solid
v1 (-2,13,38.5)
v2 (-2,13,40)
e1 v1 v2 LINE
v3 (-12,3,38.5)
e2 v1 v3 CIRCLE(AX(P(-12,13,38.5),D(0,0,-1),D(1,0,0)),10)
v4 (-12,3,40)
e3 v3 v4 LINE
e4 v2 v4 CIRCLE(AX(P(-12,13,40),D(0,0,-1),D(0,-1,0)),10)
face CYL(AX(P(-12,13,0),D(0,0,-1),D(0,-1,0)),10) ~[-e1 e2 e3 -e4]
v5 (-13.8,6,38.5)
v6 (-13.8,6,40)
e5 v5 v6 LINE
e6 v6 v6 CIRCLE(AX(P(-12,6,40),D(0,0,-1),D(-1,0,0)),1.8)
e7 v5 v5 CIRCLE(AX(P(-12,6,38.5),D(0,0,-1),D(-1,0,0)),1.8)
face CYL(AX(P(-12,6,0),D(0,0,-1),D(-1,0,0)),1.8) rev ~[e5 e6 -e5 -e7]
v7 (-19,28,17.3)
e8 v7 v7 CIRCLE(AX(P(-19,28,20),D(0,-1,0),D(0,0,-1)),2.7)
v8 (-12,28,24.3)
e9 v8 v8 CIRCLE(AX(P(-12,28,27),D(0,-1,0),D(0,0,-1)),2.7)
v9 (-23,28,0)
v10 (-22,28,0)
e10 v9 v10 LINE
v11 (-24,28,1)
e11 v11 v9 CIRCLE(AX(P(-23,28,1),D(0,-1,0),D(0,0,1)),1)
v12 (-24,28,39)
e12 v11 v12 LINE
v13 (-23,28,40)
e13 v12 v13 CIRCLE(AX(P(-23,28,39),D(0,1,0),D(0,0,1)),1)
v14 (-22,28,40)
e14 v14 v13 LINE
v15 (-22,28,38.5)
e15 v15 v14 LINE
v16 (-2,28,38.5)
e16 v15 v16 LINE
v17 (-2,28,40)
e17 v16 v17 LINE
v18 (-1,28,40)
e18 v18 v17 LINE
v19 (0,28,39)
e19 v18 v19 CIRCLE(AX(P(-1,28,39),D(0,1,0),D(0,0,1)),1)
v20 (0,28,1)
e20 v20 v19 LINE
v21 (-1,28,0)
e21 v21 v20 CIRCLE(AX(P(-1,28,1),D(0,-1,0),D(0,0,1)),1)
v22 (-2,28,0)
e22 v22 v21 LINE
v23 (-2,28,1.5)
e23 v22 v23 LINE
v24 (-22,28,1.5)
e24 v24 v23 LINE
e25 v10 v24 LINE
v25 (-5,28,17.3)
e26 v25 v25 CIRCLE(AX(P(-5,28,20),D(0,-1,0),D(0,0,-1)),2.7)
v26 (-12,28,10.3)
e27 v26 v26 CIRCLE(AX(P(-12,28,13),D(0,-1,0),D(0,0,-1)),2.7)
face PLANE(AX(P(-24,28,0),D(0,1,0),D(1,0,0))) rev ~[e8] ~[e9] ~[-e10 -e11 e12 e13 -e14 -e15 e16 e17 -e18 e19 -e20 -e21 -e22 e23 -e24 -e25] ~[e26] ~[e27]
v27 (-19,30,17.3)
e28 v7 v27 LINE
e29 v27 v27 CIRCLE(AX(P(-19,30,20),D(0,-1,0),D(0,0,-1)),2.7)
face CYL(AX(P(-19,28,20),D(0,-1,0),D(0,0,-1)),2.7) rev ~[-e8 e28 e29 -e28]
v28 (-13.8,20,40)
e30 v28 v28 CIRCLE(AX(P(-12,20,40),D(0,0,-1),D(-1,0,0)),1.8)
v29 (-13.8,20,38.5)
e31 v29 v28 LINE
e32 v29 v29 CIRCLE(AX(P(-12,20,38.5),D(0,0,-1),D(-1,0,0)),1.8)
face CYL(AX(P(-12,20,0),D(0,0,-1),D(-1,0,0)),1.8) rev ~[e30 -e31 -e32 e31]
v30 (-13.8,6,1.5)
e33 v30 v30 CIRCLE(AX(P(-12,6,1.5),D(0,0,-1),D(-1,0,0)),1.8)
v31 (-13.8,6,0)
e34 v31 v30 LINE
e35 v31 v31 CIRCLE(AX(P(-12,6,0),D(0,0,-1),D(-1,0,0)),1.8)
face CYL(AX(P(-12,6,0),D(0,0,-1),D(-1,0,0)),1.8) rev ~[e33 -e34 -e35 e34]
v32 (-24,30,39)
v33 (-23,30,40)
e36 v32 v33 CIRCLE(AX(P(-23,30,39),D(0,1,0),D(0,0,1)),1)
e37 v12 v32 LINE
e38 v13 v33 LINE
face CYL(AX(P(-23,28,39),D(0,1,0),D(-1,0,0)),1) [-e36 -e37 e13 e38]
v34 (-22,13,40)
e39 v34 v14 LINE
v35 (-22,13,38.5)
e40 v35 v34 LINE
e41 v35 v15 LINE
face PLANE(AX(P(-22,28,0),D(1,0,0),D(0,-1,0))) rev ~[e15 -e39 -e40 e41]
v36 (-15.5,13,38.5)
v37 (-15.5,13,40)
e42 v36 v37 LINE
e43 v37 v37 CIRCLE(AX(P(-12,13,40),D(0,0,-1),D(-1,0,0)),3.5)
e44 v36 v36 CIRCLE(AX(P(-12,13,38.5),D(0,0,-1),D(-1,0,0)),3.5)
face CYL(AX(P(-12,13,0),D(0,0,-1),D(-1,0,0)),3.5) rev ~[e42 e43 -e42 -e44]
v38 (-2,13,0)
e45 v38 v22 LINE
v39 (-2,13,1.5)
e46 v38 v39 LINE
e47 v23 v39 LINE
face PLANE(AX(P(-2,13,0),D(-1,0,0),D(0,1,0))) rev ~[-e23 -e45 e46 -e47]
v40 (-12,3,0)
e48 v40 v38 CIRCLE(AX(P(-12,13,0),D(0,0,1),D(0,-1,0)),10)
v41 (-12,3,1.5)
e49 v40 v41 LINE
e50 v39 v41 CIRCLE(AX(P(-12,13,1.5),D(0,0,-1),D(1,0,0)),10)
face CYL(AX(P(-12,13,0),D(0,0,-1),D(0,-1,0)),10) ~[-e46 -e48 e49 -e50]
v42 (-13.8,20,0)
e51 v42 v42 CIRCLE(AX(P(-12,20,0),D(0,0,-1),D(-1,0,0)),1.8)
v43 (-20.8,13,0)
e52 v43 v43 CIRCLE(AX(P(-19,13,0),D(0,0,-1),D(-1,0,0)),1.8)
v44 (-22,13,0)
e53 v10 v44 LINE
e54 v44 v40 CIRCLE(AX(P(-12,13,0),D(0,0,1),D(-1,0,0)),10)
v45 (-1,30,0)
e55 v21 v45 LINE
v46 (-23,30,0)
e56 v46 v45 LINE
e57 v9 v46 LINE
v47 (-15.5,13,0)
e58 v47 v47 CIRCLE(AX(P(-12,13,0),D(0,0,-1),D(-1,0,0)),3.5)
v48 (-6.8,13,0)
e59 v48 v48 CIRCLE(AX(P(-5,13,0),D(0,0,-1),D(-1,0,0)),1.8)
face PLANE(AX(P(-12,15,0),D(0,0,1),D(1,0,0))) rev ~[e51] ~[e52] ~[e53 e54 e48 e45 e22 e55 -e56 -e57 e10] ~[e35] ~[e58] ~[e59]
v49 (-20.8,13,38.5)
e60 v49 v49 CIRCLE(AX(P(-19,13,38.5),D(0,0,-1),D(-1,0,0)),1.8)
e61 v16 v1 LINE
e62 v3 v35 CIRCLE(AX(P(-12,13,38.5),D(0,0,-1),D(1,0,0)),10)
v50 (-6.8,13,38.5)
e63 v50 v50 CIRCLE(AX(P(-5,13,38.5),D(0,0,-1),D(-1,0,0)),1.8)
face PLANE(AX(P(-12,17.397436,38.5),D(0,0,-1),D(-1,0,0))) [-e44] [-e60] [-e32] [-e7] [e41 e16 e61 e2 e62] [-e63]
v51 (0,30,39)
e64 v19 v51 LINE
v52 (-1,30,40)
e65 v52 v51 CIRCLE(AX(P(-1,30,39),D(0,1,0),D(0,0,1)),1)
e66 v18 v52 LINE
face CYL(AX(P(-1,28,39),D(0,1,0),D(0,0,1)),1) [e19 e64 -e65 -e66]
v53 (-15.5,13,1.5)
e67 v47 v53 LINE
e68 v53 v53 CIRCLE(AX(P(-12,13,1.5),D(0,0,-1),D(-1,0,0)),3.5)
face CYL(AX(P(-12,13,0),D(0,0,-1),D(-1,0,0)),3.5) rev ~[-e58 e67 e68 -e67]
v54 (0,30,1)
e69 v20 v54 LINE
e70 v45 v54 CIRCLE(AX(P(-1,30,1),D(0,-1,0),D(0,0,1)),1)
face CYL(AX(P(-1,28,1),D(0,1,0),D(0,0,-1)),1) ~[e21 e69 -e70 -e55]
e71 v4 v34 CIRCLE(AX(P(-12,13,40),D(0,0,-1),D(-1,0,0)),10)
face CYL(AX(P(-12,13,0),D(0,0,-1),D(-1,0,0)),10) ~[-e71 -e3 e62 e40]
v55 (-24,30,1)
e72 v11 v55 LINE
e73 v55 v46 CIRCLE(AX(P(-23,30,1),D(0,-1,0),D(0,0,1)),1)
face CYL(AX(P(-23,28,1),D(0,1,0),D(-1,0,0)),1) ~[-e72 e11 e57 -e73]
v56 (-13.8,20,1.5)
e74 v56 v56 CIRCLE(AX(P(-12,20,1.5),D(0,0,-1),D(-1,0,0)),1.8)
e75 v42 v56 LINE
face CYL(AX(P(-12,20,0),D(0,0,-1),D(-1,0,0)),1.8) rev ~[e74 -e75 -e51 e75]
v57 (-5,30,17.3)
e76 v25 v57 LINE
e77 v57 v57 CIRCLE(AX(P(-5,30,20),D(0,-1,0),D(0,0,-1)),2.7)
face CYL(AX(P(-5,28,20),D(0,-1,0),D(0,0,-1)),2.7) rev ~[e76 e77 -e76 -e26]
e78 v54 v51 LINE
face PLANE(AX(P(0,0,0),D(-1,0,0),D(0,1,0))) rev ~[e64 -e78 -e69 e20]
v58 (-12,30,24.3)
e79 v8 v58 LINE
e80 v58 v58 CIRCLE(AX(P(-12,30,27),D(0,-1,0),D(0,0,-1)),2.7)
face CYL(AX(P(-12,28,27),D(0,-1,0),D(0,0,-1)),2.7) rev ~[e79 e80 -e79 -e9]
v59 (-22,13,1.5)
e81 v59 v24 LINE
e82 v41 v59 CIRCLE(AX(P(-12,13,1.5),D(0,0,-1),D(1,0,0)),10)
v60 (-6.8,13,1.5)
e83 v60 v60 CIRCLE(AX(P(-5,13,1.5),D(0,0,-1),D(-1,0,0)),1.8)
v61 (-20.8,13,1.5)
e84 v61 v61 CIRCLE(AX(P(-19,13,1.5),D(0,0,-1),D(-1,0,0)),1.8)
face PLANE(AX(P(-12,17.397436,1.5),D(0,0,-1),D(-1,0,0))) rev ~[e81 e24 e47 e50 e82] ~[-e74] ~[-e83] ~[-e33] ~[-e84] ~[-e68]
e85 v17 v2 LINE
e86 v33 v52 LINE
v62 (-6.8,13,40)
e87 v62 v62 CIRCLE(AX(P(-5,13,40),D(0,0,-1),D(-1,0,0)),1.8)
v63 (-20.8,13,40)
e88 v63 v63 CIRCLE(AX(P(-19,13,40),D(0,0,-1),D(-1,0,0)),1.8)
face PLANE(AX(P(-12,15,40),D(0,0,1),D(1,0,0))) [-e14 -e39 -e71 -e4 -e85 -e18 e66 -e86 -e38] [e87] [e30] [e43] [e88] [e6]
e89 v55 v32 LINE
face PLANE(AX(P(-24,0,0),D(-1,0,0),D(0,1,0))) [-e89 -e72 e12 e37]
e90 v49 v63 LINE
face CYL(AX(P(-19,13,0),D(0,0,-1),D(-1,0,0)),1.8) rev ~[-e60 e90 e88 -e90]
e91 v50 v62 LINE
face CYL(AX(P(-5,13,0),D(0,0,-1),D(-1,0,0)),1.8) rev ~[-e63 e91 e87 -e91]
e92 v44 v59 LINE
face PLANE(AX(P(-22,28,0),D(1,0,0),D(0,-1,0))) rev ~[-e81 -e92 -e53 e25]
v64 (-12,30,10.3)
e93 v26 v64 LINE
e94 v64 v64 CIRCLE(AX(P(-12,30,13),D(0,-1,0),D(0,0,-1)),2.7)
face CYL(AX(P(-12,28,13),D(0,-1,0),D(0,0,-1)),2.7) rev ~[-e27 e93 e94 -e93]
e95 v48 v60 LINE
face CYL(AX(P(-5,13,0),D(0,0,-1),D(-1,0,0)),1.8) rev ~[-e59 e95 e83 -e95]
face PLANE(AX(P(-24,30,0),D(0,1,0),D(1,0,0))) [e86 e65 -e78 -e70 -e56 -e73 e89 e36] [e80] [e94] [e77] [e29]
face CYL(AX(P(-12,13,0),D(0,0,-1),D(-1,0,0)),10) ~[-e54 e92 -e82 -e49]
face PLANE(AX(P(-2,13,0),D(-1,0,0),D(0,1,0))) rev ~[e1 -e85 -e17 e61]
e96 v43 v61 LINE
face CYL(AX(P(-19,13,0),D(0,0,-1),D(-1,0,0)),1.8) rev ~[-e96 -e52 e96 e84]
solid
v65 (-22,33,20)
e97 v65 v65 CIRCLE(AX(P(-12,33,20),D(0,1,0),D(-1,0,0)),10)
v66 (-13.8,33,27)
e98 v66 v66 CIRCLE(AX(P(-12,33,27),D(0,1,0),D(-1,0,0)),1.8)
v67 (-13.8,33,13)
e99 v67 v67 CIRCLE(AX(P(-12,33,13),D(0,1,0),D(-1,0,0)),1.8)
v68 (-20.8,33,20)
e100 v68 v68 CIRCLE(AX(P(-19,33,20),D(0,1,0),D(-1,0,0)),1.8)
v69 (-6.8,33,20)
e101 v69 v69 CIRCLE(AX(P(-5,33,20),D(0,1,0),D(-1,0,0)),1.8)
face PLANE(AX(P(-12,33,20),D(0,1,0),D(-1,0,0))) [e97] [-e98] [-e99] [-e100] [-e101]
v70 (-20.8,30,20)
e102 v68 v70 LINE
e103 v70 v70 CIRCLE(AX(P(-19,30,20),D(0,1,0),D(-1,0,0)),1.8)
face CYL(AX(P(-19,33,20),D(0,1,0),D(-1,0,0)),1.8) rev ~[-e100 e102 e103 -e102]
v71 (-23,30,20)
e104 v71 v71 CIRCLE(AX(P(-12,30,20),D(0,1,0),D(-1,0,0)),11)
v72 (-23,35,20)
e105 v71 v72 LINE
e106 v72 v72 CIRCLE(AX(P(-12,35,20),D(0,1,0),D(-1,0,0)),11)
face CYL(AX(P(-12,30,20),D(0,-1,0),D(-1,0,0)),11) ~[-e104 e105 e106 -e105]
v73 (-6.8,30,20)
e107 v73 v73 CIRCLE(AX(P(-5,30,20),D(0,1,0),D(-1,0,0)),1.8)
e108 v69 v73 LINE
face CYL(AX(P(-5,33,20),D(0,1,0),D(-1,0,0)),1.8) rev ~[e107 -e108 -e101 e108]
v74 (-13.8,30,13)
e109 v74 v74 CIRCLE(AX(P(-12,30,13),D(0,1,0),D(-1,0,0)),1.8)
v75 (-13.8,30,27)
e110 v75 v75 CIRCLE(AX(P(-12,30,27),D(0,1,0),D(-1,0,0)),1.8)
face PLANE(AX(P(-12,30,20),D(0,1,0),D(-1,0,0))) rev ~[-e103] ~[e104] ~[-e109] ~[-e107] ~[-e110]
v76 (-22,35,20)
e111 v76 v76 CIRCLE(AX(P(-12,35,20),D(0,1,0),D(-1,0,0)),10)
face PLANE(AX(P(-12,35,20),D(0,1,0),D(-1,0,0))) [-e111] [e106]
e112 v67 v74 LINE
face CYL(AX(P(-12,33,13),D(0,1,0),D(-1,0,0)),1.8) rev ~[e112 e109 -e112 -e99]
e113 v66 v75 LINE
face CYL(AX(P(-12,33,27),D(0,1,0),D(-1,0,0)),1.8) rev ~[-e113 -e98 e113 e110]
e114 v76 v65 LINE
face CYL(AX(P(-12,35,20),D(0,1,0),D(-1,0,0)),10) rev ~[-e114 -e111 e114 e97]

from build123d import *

# Parameters (mm, degrees)
SKETCH_1_W               = 24
SKETCH_1_H               = 30
EXTRUDE_1_DEPTH          = 40
CUT_EXTRUDE_1_DEPTH      = 56.461698495
CUT_EXTRUDE_2_DEPTH      = 18.5
CUT_EXTRUDE_2_DEPTH_BACK = 18.5
CUT_EXTRUDE_3_REACH      = 57.462
SKETCH_4_R               = 1.8
SKETCH_4_R_2             = 3.5
SKETCH_5_R               = 11
EXTRUDE_2_DEPTH          = 5
SKETCH_6_R               = 10
CUT_EXTRUDE_4_DEPTH      = 2
SKETCH_7_R               = 1.8
CUT_EXTRUDE_5_DEPTH      = 56.461698495
SKETCH_8_R               = 2.7
CUT_EXTRUDE_6_DEPTH      = 2
FILLET_1_R               = 1


with BuildPart() as part:
    # 草图1 → 凸台-拉伸1 (new body)
    with BuildSketch(Plane.XY):
        with Locations((-12, 15)):
            Rectangle(SKETCH_1_W, SKETCH_1_H)
    extrude(amount=EXTRUDE_1_DEPTH)

    # 草图2 → 切除-拉伸1 (cut, through all)
    with BuildSketch(Plane(origin=(0, 0, 0), x_dir=(-1, 0, 0), z_dir=(0, 0, -1))):
        with BuildLine():
            Line((0, 0), (12, 0))
            Line((12, 0), (12, 3))
            ThreePointArc((12, 3), (4.928932188, 5.928932188), (2, 13))
            Line((2, 13), (2, 28))
            Line((2, 28), (0, 28))
            Line((0, 28), (0, 0))
        make_face()
        with BuildLine():
            Line((12, 3), (12, 0))
            Line((12, 0), (24, 0))
            Line((24, 0), (24, 28))
            Line((24, 28), (22, 28))
            Line((22, 28), (22, 13))
            ThreePointArc((22, 13), (19.071067812, 5.928932188), (12, 3))
        make_face()
    extrude(amount=-CUT_EXTRUDE_1_DEPTH, mode=Mode.SUBTRACT)

    # 草图3 → 切除-拉伸2 (cut, two sides: drawn at the far end of the back side and taken through both)
    with BuildSketch(Plane(origin=(0, 0, 20), x_dir=(-1, 0, 0), z_dir=(0, 0, -1)).offset(-CUT_EXTRUDE_2_DEPTH_BACK)):
        with BuildLine():
            Line((2, 28), (2, 13))
            ThreePointArc((2, 13), (12, 3), (22, 13))
            Line((22, 13), (22, 28))
            Line((22, 28), (2, 28))
        make_face()
    extrude(amount=CUT_EXTRUDE_2_DEPTH + CUT_EXTRUDE_2_DEPTH_BACK, mode=Mode.SUBTRACT)

    # 切除-拉伸3: up to this face of the body (flat: up to its plane)
    cut_extrude_3_end = Plane(part.part.faces().sort_by_distance((-12, 17.655371512, 40))[0])
    # 草图4 → 切除-拉伸3 (cut, up to the picked face)
    with BuildSketch(Plane(origin=(0, 0, 0), x_dir=(-1, 0, 0), z_dir=(0, 0, -1)), mode=Mode.PRIVATE) as cut_extrude_3_sk1:
        with Locations((12, 6)):
            Circle(SKETCH_4_R)
    cut_extrude_3_tool1 = split(extrude(cut_extrude_3_sk1.sketch, amount=-CUT_EXTRUDE_3_REACH, mode=Mode.PRIVATE), bisect_by=cut_extrude_3_end, keep=Keep.BOTH, mode=Mode.PRIVATE)
    # 草图4 → 切除-拉伸3 (cut, up to the picked face)
    with BuildSketch(Plane(origin=(0, 0, 0), x_dir=(-1, 0, 0), z_dir=(0, 0, -1)), mode=Mode.PRIVATE) as cut_extrude_3_sk2:
        with Locations((12, 13)):
            Circle(SKETCH_4_R_2)
    cut_extrude_3_tool2 = split(extrude(cut_extrude_3_sk2.sketch, amount=-CUT_EXTRUDE_3_REACH, mode=Mode.PRIVATE), bisect_by=cut_extrude_3_end, keep=Keep.BOTH, mode=Mode.PRIVATE)
    # 草图4 → 切除-拉伸3 (cut, up to the picked face)
    with BuildSketch(Plane(origin=(0, 0, 0), x_dir=(-1, 0, 0), z_dir=(0, 0, -1)), mode=Mode.PRIVATE) as cut_extrude_3_sk3:
        with Locations((12, 20)):
            Circle(SKETCH_4_R)
    cut_extrude_3_tool3 = split(extrude(cut_extrude_3_sk3.sketch, amount=-CUT_EXTRUDE_3_REACH, mode=Mode.PRIVATE), bisect_by=cut_extrude_3_end, keep=Keep.BOTH, mode=Mode.PRIVATE)
    # 草图4 → 切除-拉伸3 (cut, up to the picked face)
    with BuildSketch(Plane(origin=(0, 0, 0), x_dir=(-1, 0, 0), z_dir=(0, 0, -1)), mode=Mode.PRIVATE) as cut_extrude_3_sk4:
        with Locations((19, 13)):
            Circle(SKETCH_4_R)
    cut_extrude_3_tool4 = split(extrude(cut_extrude_3_sk4.sketch, amount=-CUT_EXTRUDE_3_REACH, mode=Mode.PRIVATE), bisect_by=cut_extrude_3_end, keep=Keep.BOTH, mode=Mode.PRIVATE)
    # 草图4 → 切除-拉伸3 (cut, up to the picked face)
    with BuildSketch(Plane(origin=(0, 0, 0), x_dir=(-1, 0, 0), z_dir=(0, 0, -1)), mode=Mode.PRIVATE) as cut_extrude_3_sk5:
        with Locations((5, 13)):
            Circle(SKETCH_4_R)
    cut_extrude_3_tool5 = split(extrude(cut_extrude_3_sk5.sketch, amount=-CUT_EXTRUDE_3_REACH, mode=Mode.PRIVATE), bisect_by=cut_extrude_3_end, keep=Keep.BOTH, mode=Mode.PRIVATE)
    add(cut_extrude_3_tool1.solids().sort_by(Axis((-12, 6, 0), (0, 0, 1)))[0], mode=Mode.SUBTRACT)
    add(cut_extrude_3_tool2.solids().sort_by(Axis((-12, 13, 0), (0, 0, 1)))[0], mode=Mode.SUBTRACT)
    add(cut_extrude_3_tool3.solids().sort_by(Axis((-12, 20, 0), (0, 0, 1)))[0], mode=Mode.SUBTRACT)
    add(cut_extrude_3_tool4.solids().sort_by(Axis((-19, 13, 0), (0, 0, 1)))[0], mode=Mode.SUBTRACT)
    add(cut_extrude_3_tool5.solids().sort_by(Axis((-5, 13, 0), (0, 0, 1)))[0], mode=Mode.SUBTRACT)


with BuildPart() as body_2:
    # 草图5 → 凸台-拉伸2 (new body)
    with BuildSketch(Plane(origin=(0, 30, 0), x_dir=(1, 0, 0), z_dir=(0, 1, 0))):
        with Locations(Location((-12, -20, 0), (0, 0, 180))):
            Circle(SKETCH_5_R)
    extrude(amount=EXTRUDE_2_DEPTH)

    # 草图6 → 切除-拉伸4 (cut)
    with BuildSketch(Plane(origin=(0, 35, 0), x_dir=(1, 0, 0), z_dir=(0, 1, 0))):
        with Locations(Location((-12, -20, 0), (0, 0, 180))):
            Circle(SKETCH_6_R)
    extrude(amount=-CUT_EXTRUDE_4_DEPTH, mode=Mode.SUBTRACT)


with BuildPart() as cut_extrude_5_tool:
    # 草图7 → 切除-拉伸5 (new, through all)
    with BuildSketch(Plane(origin=(0, 33, 0), x_dir=(1, 0, 0), z_dir=(0, 1, 0))):
        with Locations(Location((-12, -13, 0), (0, 0, 180))):
            Circle(SKETCH_7_R)
        with Locations(Location((-5, -20, 0), (0, 0, 180))):
            Circle(SKETCH_7_R)
        with Locations(Location((-12, -27, 0), (0, 0, 180))):
            Circle(SKETCH_7_R)
        with Locations(Location((-19, -20, 0), (0, 0, 180))):
            Circle(SKETCH_7_R)
    extrude(amount=-CUT_EXTRUDE_5_DEPTH)


with BuildPart() as part_1:
    add(part.part)

    # 切除-拉伸5: cut by cut_extrude_5_tool
    add(cut_extrude_5_tool.part, mode=Mode.SUBTRACT)

    # 草图8 → 切除-拉伸6 (cut)
    with BuildSketch(Plane.XZ.offset(-28)):
        with Locations(Location((-12, 27, 0), (0, 0, 270))):
            Circle(SKETCH_8_R)
        with Locations(Location((-5, 20, 0), (0, 0, 270))):
            Circle(SKETCH_8_R)
        with Locations(Location((-19, 20, 0), (0, 0, 270))):
            Circle(SKETCH_8_R)
        with Locations(Location((-12, 13, 0), (0, 0, 270))):
            Circle(SKETCH_8_R)
    extrude(amount=-CUT_EXTRUDE_6_DEPTH, mode=Mode.SUBTRACT)

    # 圆角1
    fillet_1_edges = [part_1.edges().sort_by_distance(p)[0] for p in [
        (-24, 29, 40),
        (0, 29, 0),
        (0, 29, 40),
        (-24, 29, 0),
    ]]
    fillet(fillet_1_edges, radius=FILLET_1_R)


with BuildPart() as body_2_1:
    add(body_2.part)

    # 切除-拉伸5: cut by cut_extrude_5_tool
    add(cut_extrude_5_tool.part, mode=Mode.SUBTRACT)


solid = Compound([part_1.part, body_2_1.part])
